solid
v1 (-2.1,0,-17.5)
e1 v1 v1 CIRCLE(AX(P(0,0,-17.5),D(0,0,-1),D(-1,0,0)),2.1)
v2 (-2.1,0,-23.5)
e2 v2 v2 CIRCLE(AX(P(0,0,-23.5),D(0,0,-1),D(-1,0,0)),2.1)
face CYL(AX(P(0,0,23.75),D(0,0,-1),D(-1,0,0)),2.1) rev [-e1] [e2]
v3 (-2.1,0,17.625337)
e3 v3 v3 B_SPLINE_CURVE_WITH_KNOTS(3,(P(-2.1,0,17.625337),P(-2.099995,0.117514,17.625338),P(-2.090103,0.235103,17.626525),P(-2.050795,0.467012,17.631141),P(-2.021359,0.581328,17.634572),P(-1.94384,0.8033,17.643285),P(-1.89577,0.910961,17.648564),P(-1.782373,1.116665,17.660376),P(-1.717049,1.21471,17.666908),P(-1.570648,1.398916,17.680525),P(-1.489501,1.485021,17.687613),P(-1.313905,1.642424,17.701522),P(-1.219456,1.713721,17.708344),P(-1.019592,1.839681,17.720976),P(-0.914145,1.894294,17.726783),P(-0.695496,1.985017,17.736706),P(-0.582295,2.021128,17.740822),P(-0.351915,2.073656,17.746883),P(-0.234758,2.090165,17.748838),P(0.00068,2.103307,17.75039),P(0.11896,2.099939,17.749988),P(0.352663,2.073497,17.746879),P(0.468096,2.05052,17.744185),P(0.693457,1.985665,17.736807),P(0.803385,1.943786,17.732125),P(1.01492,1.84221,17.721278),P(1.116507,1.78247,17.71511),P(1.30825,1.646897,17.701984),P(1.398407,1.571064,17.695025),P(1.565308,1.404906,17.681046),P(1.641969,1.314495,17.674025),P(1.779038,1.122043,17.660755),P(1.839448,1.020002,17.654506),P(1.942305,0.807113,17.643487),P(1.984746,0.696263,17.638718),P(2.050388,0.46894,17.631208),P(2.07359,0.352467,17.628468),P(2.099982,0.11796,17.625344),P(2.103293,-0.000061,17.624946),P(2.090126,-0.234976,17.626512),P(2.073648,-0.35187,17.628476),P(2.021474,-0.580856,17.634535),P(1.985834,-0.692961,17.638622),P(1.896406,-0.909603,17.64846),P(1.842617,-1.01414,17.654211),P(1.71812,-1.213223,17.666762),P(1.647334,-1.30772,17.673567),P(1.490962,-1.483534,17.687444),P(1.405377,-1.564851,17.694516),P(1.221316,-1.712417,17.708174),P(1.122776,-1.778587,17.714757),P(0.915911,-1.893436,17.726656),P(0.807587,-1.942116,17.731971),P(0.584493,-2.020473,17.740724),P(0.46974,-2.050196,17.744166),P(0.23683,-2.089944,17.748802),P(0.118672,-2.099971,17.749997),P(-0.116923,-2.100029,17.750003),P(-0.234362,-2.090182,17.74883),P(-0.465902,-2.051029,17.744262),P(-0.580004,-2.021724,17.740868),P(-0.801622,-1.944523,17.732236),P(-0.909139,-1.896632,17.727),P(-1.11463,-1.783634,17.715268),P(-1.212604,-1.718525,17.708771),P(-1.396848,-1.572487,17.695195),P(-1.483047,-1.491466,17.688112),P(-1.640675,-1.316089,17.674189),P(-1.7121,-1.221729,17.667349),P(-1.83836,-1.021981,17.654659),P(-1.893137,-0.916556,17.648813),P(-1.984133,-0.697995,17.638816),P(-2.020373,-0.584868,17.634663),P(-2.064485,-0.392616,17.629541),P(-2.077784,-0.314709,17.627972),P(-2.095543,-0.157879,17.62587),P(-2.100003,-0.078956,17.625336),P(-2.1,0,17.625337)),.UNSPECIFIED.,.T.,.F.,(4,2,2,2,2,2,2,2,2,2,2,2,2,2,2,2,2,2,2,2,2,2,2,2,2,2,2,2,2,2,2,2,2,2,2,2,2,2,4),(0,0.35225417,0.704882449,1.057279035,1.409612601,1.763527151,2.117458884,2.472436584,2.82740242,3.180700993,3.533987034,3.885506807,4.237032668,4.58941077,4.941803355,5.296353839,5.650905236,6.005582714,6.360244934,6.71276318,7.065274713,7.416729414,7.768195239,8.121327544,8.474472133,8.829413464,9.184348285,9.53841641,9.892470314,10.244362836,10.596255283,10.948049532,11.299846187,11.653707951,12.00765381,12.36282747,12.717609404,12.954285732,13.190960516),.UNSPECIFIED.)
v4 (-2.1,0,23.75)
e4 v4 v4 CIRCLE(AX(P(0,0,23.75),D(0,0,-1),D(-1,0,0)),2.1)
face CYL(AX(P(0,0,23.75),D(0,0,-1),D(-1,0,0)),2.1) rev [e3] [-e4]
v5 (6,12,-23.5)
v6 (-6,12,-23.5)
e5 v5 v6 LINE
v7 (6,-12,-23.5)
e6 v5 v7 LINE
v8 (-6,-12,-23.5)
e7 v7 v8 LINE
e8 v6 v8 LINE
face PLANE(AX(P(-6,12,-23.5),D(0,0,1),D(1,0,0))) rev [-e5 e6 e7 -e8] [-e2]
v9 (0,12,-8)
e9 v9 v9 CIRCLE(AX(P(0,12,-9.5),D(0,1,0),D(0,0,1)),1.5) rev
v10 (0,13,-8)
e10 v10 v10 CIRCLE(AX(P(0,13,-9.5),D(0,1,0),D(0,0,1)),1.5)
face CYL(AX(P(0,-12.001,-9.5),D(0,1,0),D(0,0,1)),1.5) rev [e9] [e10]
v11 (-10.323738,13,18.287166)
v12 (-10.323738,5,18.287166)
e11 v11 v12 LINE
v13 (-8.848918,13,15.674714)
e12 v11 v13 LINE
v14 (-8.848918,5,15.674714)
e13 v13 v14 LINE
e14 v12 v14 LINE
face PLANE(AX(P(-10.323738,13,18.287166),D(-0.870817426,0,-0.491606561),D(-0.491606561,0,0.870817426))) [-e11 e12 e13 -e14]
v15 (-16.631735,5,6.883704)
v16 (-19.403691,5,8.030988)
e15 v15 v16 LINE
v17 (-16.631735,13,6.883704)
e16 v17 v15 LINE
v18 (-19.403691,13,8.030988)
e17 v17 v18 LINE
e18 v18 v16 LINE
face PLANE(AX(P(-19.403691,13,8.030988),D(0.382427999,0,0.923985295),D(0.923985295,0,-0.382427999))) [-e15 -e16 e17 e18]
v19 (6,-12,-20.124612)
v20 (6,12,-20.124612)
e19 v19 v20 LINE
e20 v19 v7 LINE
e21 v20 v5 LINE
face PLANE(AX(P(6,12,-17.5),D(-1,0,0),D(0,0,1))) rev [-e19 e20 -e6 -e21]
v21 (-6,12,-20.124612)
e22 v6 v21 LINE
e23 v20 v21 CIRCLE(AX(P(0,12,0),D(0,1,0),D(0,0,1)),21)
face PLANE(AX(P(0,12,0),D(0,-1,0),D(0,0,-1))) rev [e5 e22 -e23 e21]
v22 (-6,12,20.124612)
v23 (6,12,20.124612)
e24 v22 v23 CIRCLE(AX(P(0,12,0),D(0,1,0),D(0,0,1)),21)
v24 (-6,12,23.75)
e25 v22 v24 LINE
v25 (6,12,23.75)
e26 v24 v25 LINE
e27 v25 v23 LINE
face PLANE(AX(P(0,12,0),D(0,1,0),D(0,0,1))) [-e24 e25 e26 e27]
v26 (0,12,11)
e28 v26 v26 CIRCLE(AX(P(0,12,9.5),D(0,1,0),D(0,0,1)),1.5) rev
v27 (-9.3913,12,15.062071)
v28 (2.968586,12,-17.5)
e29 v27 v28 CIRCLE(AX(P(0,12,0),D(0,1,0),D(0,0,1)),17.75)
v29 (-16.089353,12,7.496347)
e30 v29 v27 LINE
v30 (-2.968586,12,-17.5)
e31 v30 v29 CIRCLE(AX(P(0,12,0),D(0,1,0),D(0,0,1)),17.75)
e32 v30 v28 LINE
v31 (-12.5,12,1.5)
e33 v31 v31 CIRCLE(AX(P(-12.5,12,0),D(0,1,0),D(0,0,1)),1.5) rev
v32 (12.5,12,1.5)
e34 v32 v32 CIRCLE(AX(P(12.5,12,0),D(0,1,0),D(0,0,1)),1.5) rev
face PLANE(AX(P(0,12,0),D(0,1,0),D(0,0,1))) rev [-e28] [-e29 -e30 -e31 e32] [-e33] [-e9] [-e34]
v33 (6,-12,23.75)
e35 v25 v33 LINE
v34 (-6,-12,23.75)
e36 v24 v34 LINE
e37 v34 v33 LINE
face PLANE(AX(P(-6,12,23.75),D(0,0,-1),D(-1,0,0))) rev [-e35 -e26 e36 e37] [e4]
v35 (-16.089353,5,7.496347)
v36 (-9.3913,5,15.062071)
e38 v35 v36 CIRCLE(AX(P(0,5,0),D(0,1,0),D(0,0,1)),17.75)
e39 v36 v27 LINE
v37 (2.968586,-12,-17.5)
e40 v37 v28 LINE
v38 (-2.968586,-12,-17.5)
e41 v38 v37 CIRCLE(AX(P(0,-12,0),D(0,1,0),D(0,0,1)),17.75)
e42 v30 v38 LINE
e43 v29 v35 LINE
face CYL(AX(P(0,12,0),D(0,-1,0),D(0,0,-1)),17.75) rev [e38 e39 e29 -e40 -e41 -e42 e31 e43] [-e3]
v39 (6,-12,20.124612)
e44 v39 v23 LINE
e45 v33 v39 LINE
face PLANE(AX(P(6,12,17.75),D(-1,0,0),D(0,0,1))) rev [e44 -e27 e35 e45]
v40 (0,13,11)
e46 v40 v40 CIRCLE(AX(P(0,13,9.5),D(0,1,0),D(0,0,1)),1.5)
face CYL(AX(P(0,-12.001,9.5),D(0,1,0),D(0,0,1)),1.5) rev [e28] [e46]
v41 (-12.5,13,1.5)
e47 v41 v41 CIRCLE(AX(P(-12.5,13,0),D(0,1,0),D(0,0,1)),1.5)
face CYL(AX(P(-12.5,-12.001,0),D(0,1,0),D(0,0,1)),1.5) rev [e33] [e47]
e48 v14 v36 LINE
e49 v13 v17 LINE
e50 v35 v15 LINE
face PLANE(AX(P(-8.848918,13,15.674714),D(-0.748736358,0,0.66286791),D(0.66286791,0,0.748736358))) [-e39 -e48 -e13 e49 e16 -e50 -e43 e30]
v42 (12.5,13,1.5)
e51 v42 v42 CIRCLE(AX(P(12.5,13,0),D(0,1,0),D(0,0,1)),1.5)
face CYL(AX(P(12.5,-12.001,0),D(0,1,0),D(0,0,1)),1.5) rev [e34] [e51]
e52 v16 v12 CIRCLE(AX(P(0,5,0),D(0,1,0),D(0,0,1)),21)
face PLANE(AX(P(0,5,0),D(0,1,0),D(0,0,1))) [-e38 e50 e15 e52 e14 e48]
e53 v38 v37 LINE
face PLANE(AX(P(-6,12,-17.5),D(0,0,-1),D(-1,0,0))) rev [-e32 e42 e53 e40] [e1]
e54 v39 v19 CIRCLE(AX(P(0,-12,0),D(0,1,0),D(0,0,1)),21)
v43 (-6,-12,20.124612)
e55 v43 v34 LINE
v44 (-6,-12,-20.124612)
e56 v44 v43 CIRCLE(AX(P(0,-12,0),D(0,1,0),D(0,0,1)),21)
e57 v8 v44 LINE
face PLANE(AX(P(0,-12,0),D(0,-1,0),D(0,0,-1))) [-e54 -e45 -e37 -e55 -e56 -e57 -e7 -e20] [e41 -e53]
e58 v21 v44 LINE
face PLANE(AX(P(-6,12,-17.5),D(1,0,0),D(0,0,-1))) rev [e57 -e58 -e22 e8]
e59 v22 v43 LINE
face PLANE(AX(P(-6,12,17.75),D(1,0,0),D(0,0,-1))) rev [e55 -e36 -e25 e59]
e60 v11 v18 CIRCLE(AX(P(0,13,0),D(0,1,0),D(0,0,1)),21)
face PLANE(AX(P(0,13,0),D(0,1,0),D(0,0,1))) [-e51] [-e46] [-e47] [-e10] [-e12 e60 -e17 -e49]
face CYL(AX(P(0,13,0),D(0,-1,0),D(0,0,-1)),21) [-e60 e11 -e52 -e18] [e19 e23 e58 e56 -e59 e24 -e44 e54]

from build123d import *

# Parameters (mm, degrees)
SKETCH1_R           = 21
SKETCH1_R_2         = 17.75
BOSS_EXTRUDE2_DEPTH = 12
SKETCH5_W           = 12
SKETCH5_H           = 6
BOSS_EXTRUDE7_DEPTH = 12
SKETCH6_W           = 12
SKETCH6_H           = 6
BOSS_EXTRUDE8_DEPTH = 12
SKETCH7_R           = 2.1
CUT_EXTRUDE1_DEPTH  = 54.080716838
BOSS_EXTRUDE9_START = 1
SKETCH8_R           = 21
BOSS_EXTRUDE9_DEPTH = 1
CUT_EXTRUDE2_REACH  = 42.374
SKETCH9_R           = 1.5
CUT_EXTRUDE6_START  = 5
CUT_EXTRUDE6_DEPTH  = 30.2645955


with BuildPart() as part:
    # Sketch1 → Boss-Extrude2 (new, symmetric)
    with BuildSketch(Plane(origin=(0, 0, 0), x_dir=(1, 0, 0), z_dir=(0, 1, 0))):
        Circle(SKETCH1_R)
        Circle(SKETCH1_R_2, mode=Mode.SUBTRACT)
    extrude(amount=BOSS_EXTRUDE2_DEPTH, both=True)

    # Sketch6 → Boss-Extrude8 (add, symmetric)
    with BuildSketch(Plane(origin=(0, 0, 0), x_dir=(1, 0, 0), z_dir=(0, 1, 0))):
        with Locations((0, -20.75)):
            Rectangle(SKETCH6_W, SKETCH6_H)
    extrude(amount=BOSS_EXTRUDE8_DEPTH, both=True)


with BuildPart() as body_2:
    # Sketch5 → Boss-Extrude7 (new, symmetric)
    with BuildSketch(Plane(origin=(0, 0, 0), x_dir=(1, 0, 0), z_dir=(0, 1, 0))):
        with Locations((0, 20.5)):
            Rectangle(SKETCH5_W, SKETCH5_H)
    extrude(amount=BOSS_EXTRUDE7_DEPTH, both=True)


with BuildPart() as cut_extrude1_tool:
    # Sketch7 → Cut-Extrude1 (new, through all)
    with BuildSketch(Plane(origin=(0, 0, -23.5), x_dir=(-1, 0, 0), z_dir=(0, 0, -1))):
        Circle(SKETCH7_R)
    extrude(amount=-CUT_EXTRUDE1_DEPTH)


with BuildPart() as part_1:
    add(part.part)

    # Cut-Extrude1: cut by cut_extrude1_tool
    add(cut_extrude1_tool.part, mode=Mode.SUBTRACT)



with BuildPart() as body_2_1:
    add(body_2.part)

    # Cut-Extrude1: cut by cut_extrude1_tool
    add(cut_extrude1_tool.part, mode=Mode.SUBTRACT)


with BuildPart() as part_2:
    add(part_1.part)

    add(body_2_1.part)  # Boss-Extrude9 merges body 2
    # Sketch8 → Boss-Extrude9 (add)
    with BuildSketch(Plane(origin=(0, 12, 0), x_dir=(1, 0, 0), z_dir=(0, 1, 0)).offset(BOSS_EXTRUDE9_START)):
        Circle(SKETCH8_R)
    extrude(amount=-BOSS_EXTRUDE9_DEPTH)

    # Sketch9 → Cut-Extrude2 (cut, up to next)
    with BuildSketch(Plane(origin=(0, 13, 0), x_dir=(1, 0, 0), z_dir=(0, 1, 0)), mode=Mode.PRIVATE) as cut_extrude2_sk1:
        with Locations((0, 9.5)):
            Circle(SKETCH9_R)
    cut_extrude2_tool1 = extrude(cut_extrude2_sk1.sketch, amount=-CUT_EXTRUDE2_REACH, mode=Mode.PRIVATE) & part_2.part
    # Sketch9 → Cut-Extrude2 (cut, up to next)
    with BuildSketch(Plane(origin=(0, 13, 0), x_dir=(1, 0, 0), z_dir=(0, 1, 0)), mode=Mode.PRIVATE) as cut_extrude2_sk2:
        with Locations((0, -9.5)):
            Circle(SKETCH9_R)
    cut_extrude2_tool2 = extrude(cut_extrude2_sk2.sketch, amount=-CUT_EXTRUDE2_REACH, mode=Mode.PRIVATE) & part_2.part
    # Sketch9 → Cut-Extrude2 (cut, up to next)
    with BuildSketch(Plane(origin=(0, 13, 0), x_dir=(1, 0, 0), z_dir=(0, 1, 0)), mode=Mode.PRIVATE) as cut_extrude2_sk3:
        with Locations((-12.5, 0)):
            Circle(SKETCH9_R)
    cut_extrude2_tool3 = extrude(cut_extrude2_sk3.sketch, amount=-CUT_EXTRUDE2_REACH, mode=Mode.PRIVATE) & part_2.part
    # Sketch9 → Cut-Extrude2 (cut, up to next)
    with BuildSketch(Plane(origin=(0, 13, 0), x_dir=(1, 0, 0), z_dir=(0, 1, 0)), mode=Mode.PRIVATE) as cut_extrude2_sk4:
        with Locations((12.5, 0)):
            Circle(SKETCH9_R)
    cut_extrude2_tool4 = extrude(cut_extrude2_sk4.sketch, amount=-CUT_EXTRUDE2_REACH, mode=Mode.PRIVATE) & part_2.part
    add(cut_extrude2_tool1.solids().sort_by_distance((0, 13, -9.5))[0], mode=Mode.SUBTRACT)
    add(cut_extrude2_tool2.solids().sort_by_distance((0, 13, 9.5))[0], mode=Mode.SUBTRACT)
    add(cut_extrude2_tool3.solids().sort_by_distance((-12.5, 13, 0))[0], mode=Mode.SUBTRACT)
    add(cut_extrude2_tool4.solids().sort_by_distance((12.5, 13, 0))[0], mode=Mode.SUBTRACT)

    # Sketch12 → Cut-Extrude6 (cut, through all)
    with BuildSketch(Plane(origin=(0, 0, 0), x_dir=(1, 0, 0), z_dir=(0, 1, 0)).offset(CUT_EXTRUDE6_START)):
        with BuildLine():
            Line((-19.403691202, -8.030987969), (-16.631735316, -6.883703973))
            Line((-16.631735316, -6.883703973), (-8.848918103, -15.674713663))
            Line((-8.848918103, -15.674713663), (-10.323737787, -18.28716594))
            ThreePointArc((-10.323737787, -18.28716594), (-15.723463525, -13.920226104), (-19.403691202, -8.030987969))
        make_face()
    extrude(amount=CUT_EXTRUDE6_DEPTH, mode=Mode.SUBTRACT)


solid = part_2.part
